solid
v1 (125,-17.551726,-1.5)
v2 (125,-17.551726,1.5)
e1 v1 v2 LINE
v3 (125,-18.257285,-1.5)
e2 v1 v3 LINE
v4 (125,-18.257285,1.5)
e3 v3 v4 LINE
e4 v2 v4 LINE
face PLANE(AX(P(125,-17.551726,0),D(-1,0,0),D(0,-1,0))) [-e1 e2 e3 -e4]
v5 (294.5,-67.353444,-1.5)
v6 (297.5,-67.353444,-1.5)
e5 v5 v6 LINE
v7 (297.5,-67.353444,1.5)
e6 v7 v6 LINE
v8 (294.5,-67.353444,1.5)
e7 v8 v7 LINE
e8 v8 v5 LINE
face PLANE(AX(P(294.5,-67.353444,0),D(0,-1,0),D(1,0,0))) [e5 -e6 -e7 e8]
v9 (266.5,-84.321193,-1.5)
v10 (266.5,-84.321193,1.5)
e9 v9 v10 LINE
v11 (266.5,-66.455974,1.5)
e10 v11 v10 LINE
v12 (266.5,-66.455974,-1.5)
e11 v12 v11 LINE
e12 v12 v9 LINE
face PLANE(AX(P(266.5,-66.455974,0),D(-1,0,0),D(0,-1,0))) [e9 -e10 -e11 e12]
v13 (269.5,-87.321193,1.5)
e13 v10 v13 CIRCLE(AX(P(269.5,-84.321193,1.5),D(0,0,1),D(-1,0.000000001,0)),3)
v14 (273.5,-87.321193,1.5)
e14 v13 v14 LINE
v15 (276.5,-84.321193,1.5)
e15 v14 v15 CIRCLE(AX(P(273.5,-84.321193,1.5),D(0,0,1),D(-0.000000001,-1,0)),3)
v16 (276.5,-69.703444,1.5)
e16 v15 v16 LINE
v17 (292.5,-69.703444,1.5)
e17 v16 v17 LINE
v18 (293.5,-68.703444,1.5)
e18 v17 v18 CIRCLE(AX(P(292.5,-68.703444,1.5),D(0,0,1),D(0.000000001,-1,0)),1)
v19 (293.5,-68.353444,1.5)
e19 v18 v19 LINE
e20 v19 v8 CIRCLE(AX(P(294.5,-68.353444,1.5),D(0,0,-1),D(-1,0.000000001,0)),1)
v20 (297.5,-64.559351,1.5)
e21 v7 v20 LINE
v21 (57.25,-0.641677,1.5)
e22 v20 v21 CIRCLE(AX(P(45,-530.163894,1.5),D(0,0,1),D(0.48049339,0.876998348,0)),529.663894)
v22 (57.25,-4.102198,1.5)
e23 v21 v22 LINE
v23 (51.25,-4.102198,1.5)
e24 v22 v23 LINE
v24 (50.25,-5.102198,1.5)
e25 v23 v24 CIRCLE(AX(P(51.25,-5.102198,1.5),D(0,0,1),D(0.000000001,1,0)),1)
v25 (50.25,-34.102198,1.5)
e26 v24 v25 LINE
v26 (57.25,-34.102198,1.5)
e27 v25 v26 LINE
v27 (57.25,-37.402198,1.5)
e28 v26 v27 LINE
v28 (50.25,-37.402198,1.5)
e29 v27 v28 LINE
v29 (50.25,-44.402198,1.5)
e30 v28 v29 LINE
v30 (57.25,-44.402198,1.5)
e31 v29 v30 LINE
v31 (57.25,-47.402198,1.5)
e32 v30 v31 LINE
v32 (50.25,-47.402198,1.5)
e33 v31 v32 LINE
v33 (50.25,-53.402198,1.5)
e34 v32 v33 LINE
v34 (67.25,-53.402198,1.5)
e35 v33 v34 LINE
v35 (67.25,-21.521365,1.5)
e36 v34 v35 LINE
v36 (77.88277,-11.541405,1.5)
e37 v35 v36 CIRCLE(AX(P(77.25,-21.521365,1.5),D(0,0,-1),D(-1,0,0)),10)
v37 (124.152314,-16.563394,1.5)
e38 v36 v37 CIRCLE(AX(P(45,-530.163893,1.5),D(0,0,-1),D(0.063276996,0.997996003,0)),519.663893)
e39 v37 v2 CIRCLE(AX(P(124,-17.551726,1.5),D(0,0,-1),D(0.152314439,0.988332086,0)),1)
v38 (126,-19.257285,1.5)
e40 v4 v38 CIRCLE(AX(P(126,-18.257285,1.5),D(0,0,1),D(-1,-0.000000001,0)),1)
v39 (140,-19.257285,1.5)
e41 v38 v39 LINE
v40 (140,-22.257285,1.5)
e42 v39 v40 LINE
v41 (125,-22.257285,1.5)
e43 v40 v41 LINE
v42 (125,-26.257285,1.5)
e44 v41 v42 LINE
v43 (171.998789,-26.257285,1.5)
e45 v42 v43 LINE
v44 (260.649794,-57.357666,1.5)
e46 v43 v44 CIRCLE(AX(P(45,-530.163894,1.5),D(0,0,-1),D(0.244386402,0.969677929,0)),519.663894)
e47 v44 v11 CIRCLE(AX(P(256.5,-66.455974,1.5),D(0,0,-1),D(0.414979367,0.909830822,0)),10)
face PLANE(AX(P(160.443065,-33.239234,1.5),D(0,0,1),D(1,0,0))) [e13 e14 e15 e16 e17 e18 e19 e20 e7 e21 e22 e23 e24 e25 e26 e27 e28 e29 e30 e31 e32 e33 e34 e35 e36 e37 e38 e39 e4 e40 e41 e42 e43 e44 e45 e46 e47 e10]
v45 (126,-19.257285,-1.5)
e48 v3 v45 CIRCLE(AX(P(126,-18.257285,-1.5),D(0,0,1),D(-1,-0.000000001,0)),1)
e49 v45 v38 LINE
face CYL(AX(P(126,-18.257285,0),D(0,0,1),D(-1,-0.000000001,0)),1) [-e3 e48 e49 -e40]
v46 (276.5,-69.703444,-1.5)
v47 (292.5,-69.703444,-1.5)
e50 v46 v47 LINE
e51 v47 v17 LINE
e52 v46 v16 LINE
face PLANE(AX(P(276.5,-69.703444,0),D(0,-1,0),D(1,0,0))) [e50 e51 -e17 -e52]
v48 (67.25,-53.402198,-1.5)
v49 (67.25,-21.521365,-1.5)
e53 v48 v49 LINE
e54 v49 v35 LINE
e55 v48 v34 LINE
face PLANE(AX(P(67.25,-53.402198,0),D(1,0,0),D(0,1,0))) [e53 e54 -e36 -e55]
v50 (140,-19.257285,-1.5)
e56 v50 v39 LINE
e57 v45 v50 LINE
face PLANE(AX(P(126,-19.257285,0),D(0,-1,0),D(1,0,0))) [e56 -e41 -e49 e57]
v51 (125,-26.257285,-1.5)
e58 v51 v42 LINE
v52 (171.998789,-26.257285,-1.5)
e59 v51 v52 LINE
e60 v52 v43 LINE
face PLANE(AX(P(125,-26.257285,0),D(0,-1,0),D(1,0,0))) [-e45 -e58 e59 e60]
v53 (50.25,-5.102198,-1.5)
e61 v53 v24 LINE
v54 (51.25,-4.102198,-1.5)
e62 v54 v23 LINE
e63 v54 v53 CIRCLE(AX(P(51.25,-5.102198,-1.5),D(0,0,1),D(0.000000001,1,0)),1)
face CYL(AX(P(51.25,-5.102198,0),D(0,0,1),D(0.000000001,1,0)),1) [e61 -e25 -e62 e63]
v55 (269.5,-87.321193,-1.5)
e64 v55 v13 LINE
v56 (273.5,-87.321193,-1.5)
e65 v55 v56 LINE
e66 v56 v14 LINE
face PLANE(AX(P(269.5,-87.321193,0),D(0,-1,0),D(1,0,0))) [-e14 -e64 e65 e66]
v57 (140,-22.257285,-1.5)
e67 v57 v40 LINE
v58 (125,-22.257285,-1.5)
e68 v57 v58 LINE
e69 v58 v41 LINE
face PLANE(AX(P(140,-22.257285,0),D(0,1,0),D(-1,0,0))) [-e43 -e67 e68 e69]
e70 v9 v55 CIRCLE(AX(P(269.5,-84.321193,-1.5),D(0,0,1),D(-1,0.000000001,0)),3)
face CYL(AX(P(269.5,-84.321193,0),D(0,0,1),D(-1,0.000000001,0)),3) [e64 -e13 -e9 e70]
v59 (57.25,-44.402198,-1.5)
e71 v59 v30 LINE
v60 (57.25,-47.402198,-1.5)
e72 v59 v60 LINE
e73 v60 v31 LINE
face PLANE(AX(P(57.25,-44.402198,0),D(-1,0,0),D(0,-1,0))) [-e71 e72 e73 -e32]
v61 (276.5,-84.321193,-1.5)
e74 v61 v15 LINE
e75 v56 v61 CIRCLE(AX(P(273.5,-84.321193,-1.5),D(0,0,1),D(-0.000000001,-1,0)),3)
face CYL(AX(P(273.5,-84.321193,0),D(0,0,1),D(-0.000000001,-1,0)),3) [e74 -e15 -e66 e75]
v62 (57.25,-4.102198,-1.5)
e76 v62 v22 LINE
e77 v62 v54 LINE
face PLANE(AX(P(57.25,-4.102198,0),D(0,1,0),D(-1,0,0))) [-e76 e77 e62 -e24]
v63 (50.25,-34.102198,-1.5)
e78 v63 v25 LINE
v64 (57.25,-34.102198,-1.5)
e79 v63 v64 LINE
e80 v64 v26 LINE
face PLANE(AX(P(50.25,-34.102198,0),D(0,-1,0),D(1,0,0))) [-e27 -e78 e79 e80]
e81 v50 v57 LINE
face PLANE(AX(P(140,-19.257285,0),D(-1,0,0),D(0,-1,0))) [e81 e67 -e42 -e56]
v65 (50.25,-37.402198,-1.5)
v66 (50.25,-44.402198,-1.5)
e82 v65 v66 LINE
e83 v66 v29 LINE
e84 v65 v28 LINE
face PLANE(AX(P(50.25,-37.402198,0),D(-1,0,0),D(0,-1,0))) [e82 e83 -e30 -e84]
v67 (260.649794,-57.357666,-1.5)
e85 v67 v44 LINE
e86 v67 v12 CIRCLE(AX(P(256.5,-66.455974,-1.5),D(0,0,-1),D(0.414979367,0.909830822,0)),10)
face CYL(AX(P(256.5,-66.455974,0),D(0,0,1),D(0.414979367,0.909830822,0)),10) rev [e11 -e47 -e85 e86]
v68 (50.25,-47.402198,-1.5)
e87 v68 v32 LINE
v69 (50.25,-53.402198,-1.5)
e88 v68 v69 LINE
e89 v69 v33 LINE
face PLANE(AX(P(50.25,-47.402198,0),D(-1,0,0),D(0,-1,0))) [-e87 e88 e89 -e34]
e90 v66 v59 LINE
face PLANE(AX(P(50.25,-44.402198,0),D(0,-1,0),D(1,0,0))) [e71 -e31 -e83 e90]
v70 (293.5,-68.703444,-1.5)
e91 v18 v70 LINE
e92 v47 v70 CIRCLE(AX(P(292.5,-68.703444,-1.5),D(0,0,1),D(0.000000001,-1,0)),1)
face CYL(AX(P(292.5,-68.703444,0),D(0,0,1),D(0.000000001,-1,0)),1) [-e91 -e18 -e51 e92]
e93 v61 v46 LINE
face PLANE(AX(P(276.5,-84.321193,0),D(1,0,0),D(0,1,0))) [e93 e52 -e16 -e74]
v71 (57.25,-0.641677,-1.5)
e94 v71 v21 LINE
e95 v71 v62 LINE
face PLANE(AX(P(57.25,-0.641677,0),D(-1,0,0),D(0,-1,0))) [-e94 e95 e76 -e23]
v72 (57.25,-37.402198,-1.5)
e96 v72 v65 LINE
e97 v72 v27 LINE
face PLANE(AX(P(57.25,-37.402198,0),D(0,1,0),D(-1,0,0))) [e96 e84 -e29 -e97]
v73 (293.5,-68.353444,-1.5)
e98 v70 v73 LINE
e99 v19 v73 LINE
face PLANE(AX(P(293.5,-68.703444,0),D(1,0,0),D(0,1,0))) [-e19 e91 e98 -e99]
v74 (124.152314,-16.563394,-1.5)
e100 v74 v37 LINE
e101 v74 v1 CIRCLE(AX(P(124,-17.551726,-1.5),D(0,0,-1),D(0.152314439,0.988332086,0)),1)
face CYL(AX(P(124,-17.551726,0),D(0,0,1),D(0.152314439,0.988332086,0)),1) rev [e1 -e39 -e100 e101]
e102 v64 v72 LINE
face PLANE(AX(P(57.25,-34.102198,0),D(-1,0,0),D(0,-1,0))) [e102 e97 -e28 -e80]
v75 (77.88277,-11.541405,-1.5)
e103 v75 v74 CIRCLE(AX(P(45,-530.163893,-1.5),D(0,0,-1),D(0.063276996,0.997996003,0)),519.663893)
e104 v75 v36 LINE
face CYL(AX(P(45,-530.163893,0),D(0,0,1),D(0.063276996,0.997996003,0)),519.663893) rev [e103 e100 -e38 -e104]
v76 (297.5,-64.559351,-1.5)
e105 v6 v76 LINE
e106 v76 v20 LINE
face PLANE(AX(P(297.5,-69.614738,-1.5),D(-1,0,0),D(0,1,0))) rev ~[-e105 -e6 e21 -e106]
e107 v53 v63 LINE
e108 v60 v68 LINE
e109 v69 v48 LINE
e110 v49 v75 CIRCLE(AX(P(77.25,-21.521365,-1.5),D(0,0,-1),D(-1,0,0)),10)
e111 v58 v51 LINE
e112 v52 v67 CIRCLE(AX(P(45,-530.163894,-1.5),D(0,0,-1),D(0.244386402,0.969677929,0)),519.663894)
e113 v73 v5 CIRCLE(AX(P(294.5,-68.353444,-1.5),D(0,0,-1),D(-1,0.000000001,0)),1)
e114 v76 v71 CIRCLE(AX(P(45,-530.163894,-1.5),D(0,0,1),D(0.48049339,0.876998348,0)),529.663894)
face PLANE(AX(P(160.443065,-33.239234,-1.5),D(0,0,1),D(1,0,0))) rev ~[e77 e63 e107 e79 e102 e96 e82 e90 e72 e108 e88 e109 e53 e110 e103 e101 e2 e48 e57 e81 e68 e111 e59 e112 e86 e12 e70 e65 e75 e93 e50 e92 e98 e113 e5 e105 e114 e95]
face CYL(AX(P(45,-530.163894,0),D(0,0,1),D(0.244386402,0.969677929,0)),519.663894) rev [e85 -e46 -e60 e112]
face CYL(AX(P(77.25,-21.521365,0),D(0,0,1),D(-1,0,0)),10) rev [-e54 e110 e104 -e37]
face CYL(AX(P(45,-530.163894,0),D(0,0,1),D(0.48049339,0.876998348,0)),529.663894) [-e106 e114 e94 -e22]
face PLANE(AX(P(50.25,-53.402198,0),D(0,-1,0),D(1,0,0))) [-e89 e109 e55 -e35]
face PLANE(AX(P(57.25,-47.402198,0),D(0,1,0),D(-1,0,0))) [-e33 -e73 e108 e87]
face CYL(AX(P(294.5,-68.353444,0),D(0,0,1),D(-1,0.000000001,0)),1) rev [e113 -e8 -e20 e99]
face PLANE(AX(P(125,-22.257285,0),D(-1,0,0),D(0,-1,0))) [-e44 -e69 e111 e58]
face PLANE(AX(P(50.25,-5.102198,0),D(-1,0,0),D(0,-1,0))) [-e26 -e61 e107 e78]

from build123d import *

# Parameters (mm, degrees)
BOSS_EXTRUDE1_DEPTH = 1.5
SKETCH4_W           = 2
SKETCH4_H           = 7.019019915
CUT_EXTRUDE2_DEPTH  = 3


with BuildPart() as part:
    # Sketch2 → Boss-Extrude1 (new, symmetric)
    with BuildSketch(Plane.XY):
        with BuildLine():
            Line((294.5, -67.353443934), (299.5, -67.353443934))
            Line((299.5, -67.353443934), (299.5, -65.649534053))
            ThreePointArc((299.5, -65.649534053), (182.278534334, -18.599191723), (57.25, -0.641677179))
            Line((57.25, -0.641677179), (57.25, -4.102198064))
            Line((57.25, -4.102198064), (51.25, -4.102198064))
            ThreePointArc((51.25, -4.102198064), (50.542893219, -4.395091282), (50.25, -5.102198064))
            Line((50.25, -5.102198064), (50.25, -34.102198064))
            Line((50.25, -34.102198064), (57.25, -34.102198064))
            Line((57.25, -34.102198064), (57.25, -37.402198064))
            Line((57.25, -37.402198064), (50.25, -37.402198064))
            Line((50.25, -37.402198064), (50.25, -44.402198064))
            Line((50.25, -44.402198064), (57.25, -44.402198064))
            Line((57.25, -44.402198064), (57.25, -47.402198064))
            Line((57.25, -47.402198064), (50.25, -47.402198064))
            Line((50.25, -47.402198064), (50.25, -53.402198064))
            Line((50.25, -53.402198064), (67.25, -53.402198064))
            Line((67.25, -53.402198064), (67.25, -38.8))
            Line((67.25, -38.8), (67.25, -21.521364961))
            ThreePointArc((67.25, -21.521364961), (70.406305806, -14.230010507), (77.882769957, -11.541404932))
            ThreePointArc((77.882769957, -11.541404932), (101.0737918, -13.534149792), (124.152314439, -16.563393762))
            ThreePointArc((124.152314439, -16.563393762), (124.759050209, -16.900693759), (125, -17.551725847))
            Line((125, -17.551725847), (125, -18.257285386))
            ThreePointArc((125, -18.257285386), (125.292893219, -18.964392167), (126, -19.257285386))
            Line((126, -19.257285386), (140, -19.257285386))
            Line((140, -19.257285386), (140, -22.257285386))
            Line((140, -22.257285386), (125, -22.257285386))
            Line((125, -22.257285386), (125, -26.257285386))
            Line((125, -26.257285386), (171.998789441, -26.257285386))
            ThreePointArc((171.998789441, -26.257285386), (217.028547909, -39.800007252), (260.649793668, -57.357666027))
            ThreePointArc((260.649793668, -57.357666027), (264.911240595, -61.04755196), (266.5, -66.455974249))
            Line((266.5, -66.455974249), (266.5, -84.321193081))
            ThreePointArc((266.5, -84.321193081), (267.378679656, -86.442513425), (269.5, -87.321193081))
            Line((269.5, -87.321193081), (273.5, -87.321193081))
            ThreePointArc((273.5, -87.321193081), (275.621320344, -86.442513425), (276.5, -84.321193081))
            Line((276.5, -84.321193081), (276.5, -69.703443934))
            Line((276.5, -69.703443934), (292.5, -69.703443934))
            ThreePointArc((292.5, -69.703443934), (293.207106781, -69.410550715), (293.5, -68.703443934))
            Line((293.5, -68.703443934), (293.5, -68.353443934))
            ThreePointArc((293.5, -68.353443934), (293.792893219, -67.646337153), (294.5, -67.353443934))
        make_face()
    extrude(amount=BOSS_EXTRUDE1_DEPTH, both=True)

    # Sketch4 → Cut-Extrude2 (cut)
    with BuildSketch(Plane.XY.offset(-1.5)):
        with Locations((298.5, -66.105228371)):
            Rectangle(SKETCH4_W, SKETCH4_H)
    extrude(amount=CUT_EXTRUDE2_DEPTH, mode=Mode.SUBTRACT)


solid = part.part
